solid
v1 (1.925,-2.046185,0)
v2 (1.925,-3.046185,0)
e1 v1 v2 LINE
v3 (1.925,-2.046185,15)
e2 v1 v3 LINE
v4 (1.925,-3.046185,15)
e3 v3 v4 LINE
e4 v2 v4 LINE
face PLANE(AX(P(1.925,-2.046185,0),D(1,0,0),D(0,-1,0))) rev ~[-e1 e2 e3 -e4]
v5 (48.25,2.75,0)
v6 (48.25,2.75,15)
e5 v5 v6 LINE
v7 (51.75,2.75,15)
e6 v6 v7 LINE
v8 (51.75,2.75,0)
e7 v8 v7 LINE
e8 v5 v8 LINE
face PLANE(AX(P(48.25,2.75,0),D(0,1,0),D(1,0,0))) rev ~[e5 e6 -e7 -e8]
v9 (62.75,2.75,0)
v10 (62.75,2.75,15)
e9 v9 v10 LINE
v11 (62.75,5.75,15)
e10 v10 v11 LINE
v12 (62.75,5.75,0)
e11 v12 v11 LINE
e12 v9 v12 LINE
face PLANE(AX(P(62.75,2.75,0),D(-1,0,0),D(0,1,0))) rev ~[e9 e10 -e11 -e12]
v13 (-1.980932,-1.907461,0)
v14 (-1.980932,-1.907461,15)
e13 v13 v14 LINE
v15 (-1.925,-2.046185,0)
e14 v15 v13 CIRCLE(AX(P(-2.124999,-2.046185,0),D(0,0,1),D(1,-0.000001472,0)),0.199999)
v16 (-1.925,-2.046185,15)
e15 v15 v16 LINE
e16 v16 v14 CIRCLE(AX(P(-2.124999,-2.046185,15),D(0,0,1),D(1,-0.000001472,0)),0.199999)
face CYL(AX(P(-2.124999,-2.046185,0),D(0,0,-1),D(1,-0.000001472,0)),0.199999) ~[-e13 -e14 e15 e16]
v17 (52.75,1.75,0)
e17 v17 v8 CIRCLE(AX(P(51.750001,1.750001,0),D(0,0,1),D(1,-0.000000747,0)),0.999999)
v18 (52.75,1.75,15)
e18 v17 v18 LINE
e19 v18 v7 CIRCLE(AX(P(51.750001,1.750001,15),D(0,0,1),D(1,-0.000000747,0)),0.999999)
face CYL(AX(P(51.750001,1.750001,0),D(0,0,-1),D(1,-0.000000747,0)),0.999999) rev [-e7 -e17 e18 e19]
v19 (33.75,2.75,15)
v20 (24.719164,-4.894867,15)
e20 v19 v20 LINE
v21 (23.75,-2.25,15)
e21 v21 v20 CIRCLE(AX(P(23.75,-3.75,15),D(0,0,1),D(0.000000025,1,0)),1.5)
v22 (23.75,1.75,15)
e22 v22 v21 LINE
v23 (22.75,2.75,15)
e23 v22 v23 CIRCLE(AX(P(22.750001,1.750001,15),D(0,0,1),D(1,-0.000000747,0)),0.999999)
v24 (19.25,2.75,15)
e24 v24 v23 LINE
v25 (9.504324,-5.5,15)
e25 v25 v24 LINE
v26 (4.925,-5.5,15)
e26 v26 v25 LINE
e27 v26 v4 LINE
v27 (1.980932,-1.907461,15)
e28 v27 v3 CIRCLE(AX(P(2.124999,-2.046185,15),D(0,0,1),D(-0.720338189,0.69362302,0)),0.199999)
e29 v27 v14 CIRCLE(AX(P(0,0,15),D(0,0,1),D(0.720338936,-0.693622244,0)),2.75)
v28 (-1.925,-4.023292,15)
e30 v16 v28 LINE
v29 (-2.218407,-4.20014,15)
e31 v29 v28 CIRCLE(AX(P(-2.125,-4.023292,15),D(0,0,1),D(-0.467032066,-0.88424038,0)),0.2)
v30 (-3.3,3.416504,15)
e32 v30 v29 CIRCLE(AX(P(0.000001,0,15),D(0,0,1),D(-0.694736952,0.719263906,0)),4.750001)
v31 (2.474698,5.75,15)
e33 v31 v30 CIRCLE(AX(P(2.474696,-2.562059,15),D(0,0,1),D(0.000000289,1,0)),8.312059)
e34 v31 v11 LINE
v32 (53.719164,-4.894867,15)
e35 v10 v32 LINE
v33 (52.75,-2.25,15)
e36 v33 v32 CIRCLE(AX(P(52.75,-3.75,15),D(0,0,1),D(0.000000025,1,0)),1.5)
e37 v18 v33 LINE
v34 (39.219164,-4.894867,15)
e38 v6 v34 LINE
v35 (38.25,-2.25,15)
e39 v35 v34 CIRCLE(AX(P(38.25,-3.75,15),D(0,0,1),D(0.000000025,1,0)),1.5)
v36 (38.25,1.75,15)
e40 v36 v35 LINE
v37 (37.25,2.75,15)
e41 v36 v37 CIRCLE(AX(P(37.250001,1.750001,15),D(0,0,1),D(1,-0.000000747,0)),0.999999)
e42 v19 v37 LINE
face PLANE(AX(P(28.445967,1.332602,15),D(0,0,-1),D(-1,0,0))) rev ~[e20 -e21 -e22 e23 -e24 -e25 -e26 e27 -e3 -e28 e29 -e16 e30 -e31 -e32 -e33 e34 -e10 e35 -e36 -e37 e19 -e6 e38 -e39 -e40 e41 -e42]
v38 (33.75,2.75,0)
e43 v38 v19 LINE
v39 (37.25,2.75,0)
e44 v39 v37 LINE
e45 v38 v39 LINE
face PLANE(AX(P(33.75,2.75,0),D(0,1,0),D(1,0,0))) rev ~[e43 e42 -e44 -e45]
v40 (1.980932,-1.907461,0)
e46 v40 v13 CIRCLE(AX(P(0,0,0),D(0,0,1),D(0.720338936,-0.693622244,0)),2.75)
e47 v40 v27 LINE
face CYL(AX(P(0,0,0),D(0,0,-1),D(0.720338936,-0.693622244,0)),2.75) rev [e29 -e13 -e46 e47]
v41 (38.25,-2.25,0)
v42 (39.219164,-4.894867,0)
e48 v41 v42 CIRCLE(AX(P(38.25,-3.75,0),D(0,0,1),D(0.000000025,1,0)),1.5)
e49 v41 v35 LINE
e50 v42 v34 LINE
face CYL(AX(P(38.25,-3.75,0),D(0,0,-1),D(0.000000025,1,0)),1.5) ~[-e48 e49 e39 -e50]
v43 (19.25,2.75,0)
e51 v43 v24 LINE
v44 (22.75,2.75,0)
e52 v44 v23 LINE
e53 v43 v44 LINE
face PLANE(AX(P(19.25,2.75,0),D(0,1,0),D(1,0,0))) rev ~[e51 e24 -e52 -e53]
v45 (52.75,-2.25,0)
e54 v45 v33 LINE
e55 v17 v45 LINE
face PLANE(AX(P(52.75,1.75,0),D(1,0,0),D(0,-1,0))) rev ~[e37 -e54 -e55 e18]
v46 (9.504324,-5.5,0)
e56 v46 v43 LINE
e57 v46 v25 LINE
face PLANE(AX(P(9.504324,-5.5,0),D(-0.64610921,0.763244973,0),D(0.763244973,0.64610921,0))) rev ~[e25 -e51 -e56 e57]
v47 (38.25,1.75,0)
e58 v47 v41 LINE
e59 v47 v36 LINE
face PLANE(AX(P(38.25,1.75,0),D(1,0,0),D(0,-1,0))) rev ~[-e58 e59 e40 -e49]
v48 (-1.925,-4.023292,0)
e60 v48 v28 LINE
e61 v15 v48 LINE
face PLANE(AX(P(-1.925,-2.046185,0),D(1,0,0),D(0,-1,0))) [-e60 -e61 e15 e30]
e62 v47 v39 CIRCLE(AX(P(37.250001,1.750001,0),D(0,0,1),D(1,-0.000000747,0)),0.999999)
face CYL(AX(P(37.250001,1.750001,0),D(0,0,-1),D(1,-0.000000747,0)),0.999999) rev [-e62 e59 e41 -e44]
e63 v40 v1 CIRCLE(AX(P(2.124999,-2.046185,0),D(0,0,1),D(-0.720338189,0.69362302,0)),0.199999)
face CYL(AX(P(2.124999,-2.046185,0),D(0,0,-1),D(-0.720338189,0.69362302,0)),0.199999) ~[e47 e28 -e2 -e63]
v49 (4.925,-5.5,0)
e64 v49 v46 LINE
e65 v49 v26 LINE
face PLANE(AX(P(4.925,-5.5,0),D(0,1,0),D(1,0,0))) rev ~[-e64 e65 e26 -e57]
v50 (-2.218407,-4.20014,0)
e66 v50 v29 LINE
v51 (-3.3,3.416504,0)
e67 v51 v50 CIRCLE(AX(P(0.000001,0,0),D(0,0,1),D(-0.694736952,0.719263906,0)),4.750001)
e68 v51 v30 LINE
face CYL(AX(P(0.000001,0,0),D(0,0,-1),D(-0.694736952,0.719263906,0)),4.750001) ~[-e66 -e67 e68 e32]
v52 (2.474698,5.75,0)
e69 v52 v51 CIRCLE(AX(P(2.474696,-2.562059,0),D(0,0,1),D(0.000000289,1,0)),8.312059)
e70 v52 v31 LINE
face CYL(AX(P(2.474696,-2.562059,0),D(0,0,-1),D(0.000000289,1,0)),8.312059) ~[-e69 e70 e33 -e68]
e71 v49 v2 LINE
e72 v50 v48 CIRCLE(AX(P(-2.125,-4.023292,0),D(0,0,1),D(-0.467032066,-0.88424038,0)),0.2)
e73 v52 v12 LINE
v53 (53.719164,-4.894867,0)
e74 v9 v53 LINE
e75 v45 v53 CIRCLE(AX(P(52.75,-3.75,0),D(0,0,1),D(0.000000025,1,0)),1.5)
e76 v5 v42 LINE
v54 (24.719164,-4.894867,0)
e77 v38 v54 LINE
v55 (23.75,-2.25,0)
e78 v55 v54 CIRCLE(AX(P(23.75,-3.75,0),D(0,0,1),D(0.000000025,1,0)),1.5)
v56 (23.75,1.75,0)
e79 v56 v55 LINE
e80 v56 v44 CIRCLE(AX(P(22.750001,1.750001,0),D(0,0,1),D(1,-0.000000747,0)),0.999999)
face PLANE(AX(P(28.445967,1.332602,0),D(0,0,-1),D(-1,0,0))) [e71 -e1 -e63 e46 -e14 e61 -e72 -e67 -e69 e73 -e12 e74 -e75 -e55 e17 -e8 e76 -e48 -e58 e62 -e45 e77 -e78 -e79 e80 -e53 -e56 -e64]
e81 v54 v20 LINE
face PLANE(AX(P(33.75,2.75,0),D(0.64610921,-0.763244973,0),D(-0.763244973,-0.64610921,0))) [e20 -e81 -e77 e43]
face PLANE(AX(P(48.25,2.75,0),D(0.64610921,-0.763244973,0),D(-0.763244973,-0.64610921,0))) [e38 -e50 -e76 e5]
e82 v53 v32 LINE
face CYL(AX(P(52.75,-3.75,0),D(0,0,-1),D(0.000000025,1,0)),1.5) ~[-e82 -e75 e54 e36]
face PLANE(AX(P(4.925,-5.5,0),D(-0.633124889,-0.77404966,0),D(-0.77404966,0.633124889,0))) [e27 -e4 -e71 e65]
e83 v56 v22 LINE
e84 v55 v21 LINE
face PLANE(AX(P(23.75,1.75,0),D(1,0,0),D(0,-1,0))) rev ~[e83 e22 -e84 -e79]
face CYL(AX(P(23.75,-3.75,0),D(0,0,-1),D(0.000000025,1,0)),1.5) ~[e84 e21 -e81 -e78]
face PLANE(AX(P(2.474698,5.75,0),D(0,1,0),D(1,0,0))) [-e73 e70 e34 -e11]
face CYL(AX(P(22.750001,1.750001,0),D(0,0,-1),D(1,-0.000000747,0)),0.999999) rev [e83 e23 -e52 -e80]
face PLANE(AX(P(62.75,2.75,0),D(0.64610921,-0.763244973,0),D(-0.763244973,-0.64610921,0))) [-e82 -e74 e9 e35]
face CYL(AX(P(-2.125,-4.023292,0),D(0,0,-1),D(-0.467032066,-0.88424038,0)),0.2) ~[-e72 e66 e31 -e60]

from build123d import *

# Parameters (mm, degrees)
PAD_DEPTH = 15


with BuildPart() as part:
    # Sketch → Pad (new body)
    with BuildSketch(Plane.XY):
        with BuildLine():
            ThreePointArc((1.980932, -1.907461), (0, 2.75), (-1.980932, -1.907461))
            ThreePointArc((-1.925, -2.046185), (-1.939509, -1.971398), (-1.980932, -1.907461))
            Line((-1.925, -2.046185), (-1.925, -4.023292))
            ThreePointArc((-2.218407, -4.20014), (-2.021756, -4.194583), (-1.925, -4.023292))
            ThreePointArc((-3.3, 3.416504), (-4.70282, -0.667819), (-2.218407, -4.20014))
            ThreePointArc((2.474698, 5.75), (-0.639477, 5.144578), (-3.3, 3.416504))
            Line((2.474698, 5.75), (62.75, 5.75))
            Line((62.75, 2.75), (62.75, 5.75))
            Line((62.75, 2.75), (53.719164, -4.894867))
            ThreePointArc((52.75, -2.25), (51.341579, -4.266091), (53.719164, -4.894867))
            Line((52.75, 1.75), (52.75, -2.25))
            ThreePointArc((52.75, 1.75), (52.457107, 2.457107), (51.75, 2.75))
            Line((48.25, 2.75), (51.75, 2.75))
            Line((48.25, 2.75), (39.219164, -4.894867))
            ThreePointArc((38.25, -2.25), (36.841579, -4.266091), (39.219164, -4.894867))
            Line((38.25, 1.75), (38.25, -2.25))
            ThreePointArc((38.25, 1.75), (37.957107, 2.457107), (37.25, 2.75))
            Line((33.75, 2.75), (37.25, 2.75))
            Line((33.75, 2.75), (24.719164, -4.894867))
            ThreePointArc((23.75, -2.25), (22.341579, -4.266091), (24.719164, -4.894867))
            Line((23.75, 1.75), (23.75, -2.25))
            ThreePointArc((23.75, 1.75), (23.457107, 2.457107), (22.75, 2.75))
            Line((19.25, 2.75), (22.75, 2.75))
            Line((9.504324, -5.5), (19.25, 2.75))
            Line((4.925, -5.5), (9.504324, -5.5))
            Line((4.925, -5.5), (1.925, -3.046185))
            Line((1.925, -2.046185), (1.925, -3.046185))
            ThreePointArc((1.980932, -1.907461), (1.939509, -1.971398), (1.925, -2.046185))
        make_face()
    extrude(amount=PAD_DEPTH)


solid = part.part
